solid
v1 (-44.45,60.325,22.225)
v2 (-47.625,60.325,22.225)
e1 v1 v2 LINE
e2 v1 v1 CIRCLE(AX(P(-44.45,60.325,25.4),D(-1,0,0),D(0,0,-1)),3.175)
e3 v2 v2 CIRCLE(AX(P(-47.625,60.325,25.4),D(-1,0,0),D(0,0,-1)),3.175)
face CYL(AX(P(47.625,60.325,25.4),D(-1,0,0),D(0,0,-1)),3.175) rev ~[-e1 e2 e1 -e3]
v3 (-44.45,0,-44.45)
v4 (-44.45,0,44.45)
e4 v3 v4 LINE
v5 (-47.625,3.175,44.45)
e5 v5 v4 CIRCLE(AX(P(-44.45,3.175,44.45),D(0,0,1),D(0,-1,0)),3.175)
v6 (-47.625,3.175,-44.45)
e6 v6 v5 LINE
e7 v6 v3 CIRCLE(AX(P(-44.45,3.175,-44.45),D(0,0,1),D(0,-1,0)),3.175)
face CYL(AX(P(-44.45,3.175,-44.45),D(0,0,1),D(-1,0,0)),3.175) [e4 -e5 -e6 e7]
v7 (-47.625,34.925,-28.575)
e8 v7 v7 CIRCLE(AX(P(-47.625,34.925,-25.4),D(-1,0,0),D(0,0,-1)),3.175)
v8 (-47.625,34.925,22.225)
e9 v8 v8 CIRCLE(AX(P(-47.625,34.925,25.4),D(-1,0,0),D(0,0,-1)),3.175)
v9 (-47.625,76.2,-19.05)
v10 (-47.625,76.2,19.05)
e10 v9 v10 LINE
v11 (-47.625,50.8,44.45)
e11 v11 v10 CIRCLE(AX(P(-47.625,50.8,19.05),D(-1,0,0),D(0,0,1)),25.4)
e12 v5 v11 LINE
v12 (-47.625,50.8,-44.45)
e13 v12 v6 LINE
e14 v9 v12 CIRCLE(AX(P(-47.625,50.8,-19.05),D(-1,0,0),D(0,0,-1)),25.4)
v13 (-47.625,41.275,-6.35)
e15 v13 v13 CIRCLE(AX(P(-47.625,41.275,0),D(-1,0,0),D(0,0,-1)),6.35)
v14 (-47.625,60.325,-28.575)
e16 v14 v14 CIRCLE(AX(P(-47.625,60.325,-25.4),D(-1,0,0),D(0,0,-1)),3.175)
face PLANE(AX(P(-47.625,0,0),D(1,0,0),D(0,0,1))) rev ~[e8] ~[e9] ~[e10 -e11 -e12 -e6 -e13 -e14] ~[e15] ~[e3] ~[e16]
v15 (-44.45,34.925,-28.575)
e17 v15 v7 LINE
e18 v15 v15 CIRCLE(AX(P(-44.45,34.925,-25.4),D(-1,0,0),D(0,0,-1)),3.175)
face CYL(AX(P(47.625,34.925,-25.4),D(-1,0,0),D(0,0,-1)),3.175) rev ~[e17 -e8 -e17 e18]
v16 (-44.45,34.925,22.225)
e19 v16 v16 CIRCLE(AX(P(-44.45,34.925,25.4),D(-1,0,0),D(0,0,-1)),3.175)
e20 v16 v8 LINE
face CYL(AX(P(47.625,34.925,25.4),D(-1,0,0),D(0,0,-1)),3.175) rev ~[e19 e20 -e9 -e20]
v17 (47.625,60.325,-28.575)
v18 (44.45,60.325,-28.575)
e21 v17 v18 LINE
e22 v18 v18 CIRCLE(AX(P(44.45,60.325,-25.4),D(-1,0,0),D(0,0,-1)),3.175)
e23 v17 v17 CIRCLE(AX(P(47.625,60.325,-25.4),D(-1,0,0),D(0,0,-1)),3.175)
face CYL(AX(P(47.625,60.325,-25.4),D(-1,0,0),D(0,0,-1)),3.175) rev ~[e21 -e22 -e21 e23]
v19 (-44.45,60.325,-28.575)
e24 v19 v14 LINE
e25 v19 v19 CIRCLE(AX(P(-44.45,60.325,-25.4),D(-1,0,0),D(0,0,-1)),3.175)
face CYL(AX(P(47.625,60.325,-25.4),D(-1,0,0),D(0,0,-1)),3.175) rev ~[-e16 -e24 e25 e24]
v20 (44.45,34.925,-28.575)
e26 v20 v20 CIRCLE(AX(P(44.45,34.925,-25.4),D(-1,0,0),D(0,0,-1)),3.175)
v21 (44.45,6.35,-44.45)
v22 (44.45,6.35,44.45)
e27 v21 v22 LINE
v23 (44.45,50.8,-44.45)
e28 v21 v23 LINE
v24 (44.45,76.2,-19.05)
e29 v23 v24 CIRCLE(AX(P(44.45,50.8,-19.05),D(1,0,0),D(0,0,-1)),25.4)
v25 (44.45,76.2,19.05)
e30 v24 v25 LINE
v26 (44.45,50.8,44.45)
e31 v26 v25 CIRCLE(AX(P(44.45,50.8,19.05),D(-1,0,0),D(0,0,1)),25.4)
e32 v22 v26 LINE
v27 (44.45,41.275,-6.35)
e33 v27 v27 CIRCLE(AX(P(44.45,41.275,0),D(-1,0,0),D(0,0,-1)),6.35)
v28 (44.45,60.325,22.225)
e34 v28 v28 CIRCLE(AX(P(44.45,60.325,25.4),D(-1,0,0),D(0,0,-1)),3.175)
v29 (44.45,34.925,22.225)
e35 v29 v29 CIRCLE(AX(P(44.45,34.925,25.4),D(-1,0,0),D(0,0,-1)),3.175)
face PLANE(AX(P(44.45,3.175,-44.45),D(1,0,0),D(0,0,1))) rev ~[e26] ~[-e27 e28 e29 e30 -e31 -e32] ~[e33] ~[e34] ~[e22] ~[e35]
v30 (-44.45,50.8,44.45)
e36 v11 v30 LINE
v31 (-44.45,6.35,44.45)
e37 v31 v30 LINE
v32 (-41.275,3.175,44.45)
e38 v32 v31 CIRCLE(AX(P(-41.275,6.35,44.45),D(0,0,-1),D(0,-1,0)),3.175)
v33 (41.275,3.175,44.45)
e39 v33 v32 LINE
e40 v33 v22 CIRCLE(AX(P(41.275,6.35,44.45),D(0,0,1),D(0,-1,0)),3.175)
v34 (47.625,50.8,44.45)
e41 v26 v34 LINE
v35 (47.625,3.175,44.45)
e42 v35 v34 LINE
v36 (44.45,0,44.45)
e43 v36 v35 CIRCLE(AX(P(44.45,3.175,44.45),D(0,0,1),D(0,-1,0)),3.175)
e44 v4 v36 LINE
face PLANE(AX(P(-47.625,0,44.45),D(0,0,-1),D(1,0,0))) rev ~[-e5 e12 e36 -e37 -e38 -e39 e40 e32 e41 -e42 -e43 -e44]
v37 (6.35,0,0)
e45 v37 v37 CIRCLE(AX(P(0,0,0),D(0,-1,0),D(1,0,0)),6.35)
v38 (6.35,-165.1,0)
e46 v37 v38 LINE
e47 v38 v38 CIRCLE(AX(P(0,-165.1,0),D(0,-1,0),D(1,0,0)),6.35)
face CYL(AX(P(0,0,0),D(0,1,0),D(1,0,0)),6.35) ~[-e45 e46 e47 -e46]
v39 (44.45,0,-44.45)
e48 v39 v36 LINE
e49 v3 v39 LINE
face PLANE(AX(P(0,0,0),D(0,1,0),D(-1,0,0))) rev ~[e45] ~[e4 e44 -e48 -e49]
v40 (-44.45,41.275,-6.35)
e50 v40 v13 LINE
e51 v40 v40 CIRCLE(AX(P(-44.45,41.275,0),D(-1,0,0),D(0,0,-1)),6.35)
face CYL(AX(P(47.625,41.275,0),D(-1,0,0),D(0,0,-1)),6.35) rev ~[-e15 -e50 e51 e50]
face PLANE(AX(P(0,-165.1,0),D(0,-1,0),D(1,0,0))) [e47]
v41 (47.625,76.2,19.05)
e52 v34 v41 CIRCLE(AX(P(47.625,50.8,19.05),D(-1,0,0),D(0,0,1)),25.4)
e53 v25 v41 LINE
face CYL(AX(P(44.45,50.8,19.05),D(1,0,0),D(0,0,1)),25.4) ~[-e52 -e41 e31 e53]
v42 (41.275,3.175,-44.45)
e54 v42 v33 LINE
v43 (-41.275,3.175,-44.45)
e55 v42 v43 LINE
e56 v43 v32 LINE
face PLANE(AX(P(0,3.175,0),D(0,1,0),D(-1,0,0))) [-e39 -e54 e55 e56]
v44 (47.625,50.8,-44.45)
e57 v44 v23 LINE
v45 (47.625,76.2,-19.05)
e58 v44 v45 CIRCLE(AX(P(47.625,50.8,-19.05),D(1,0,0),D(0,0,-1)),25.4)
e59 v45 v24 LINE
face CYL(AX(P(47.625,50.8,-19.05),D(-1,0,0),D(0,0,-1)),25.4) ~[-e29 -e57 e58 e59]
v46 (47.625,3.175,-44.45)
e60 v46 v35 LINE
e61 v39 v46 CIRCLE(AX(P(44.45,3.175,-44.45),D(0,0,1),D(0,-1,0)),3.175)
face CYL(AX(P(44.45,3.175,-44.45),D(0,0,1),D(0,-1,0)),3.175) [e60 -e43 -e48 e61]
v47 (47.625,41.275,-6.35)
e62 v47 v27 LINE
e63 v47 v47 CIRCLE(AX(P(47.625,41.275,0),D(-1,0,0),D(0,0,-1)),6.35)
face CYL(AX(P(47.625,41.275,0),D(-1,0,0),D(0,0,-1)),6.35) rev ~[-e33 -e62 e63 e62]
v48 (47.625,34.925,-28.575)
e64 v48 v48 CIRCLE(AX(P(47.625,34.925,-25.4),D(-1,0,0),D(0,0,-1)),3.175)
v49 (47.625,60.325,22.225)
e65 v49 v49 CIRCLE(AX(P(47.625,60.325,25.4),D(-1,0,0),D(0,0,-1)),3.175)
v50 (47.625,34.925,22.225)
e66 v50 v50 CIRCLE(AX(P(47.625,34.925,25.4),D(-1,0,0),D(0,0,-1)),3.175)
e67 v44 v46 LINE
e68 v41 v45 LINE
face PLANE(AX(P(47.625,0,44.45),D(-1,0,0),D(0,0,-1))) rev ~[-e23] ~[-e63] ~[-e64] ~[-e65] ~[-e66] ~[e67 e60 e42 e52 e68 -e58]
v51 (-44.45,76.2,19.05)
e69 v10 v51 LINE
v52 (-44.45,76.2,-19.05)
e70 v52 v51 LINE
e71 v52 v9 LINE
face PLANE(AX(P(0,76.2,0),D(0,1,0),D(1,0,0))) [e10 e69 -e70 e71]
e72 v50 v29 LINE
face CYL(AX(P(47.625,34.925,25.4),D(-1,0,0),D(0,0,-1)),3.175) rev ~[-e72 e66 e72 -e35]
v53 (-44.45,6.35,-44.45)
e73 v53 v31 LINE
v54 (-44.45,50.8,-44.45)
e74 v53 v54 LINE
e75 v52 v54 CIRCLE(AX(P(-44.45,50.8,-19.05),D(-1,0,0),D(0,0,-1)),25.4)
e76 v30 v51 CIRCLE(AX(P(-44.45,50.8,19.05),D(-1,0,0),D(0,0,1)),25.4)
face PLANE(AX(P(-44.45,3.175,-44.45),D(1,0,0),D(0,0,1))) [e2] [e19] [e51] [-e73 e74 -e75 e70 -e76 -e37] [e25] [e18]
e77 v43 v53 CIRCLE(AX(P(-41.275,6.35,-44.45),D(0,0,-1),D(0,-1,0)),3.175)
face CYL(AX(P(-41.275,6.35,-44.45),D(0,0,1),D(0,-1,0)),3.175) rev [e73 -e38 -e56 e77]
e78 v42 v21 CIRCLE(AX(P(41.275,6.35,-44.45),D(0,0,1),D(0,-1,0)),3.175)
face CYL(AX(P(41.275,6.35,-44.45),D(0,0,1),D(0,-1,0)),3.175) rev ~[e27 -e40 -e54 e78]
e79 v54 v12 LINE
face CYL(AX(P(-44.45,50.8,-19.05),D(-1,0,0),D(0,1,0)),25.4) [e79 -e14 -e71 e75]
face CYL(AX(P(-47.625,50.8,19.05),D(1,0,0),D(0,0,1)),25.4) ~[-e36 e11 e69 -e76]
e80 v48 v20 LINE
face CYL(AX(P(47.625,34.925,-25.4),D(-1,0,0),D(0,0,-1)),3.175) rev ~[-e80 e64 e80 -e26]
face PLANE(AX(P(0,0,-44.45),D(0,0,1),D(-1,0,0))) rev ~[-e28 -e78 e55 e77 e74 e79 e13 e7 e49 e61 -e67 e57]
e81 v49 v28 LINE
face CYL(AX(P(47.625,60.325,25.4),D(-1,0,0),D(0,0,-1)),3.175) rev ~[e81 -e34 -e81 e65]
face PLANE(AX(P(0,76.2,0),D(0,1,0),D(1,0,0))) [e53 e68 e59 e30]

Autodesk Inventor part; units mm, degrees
ref_plane "YZ Plane" through (0, 0, 0) normal (1, 0, 0) x (0, 1, 0)
ref_plane "XZ Plane" through (0, 0, 0) normal (0, 1, 0) x (-1, 0, 0)
ref_plane "XY Plane" through (0, 0, 0) normal (0, 0, 1) x (1, 0, 0)
sketch "Sketch1" plane through (0, 0, 0) normal (0, 1, 0) x (-1, 0, 0)
  line L0 (47.625, 44.45) -> (-47.625, 44.45)
  line L1 (-47.625, 44.45) -> (-47.625, -44.45)
  line L2 (-47.625, -44.45) -> (47.625, -44.45)
  line L3 (47.625, -44.45) -> (47.625, 44.45)
  line L4 (47.625, 0) -> (-47.625, 0)
  line L5 (0, -44.45) -> (0, 44.45)
  point P0 (0, 0)
  point P1 (0, 0)
  dimension "d0" = 95.25
  dimension "d1" = 88.9
extrude "Extrusion1" add sketch "Sketch1" along normal blind 3.175
sketch "Sketch2" plane through (0, 3.175, 0) normal (0, 1, 0) x (1, 0, 0)
  line L0 (47.625, 44.45) -> (-47.625, 44.45) projected
  line L1 (-47.625, -44.45) -> (47.625, -44.45) projected
  line L2 (47.625, 44.45) -> (44.45, 44.45)
  line L3 (44.45, 44.45) -> (44.45, -44.45)
  line L4 (44.45, -44.45) -> (47.625, -44.45)
  line L5 (47.625, -44.45) -> (47.625, 44.45)
  line L6 (-47.625, 44.45) -> (-47.625, -44.45) projected
  line L7 (-47.625, 44.45) -> (-44.45, 44.45)
  line L8 (-44.45, 44.45) -> (-44.45, -44.45)
  line L9 (-44.45, -44.45) -> (-47.625, -44.45)
  line L10 (-47.625, -44.45) -> (-47.625, 44.45)
  point P0 (0, 0)
  point P1 (-44.45, -44.45)
  point P2 (-44.45, 44.45)
  dimension "d4" = 3.175
extrude "Extrusion2" add sketch "Sketch2" along normal blind 73.025 contours L5 L1 L3 L0 | L8 L1 L6 L0
fillet "Fillet1" radius 3.175 4 edges at (47.625, 0, 0) (44.45, 3.175, 0) (-47.625, 0, 0) (-44.45, 3.175, 0)
fillet "Fillet2" radius 25.4 4 edges at (46.0375, 76.2, -44.45) (-46.0375, 76.2, -44.45) (-46.0375, 76.2, 44.45) (46.0375, 76.2, 44.45)
sketch "Sketch3" plane through (47.625, 3.175, 44.45) normal (1, 0, 0) x (0, 0, -1)
  circle A0 centre (69.85, 57.15) radius 3.175
  circle A1 centre (69.85, 31.75) radius 3.175
  line L0 (88.9, 0) -> (88.9, 47.625) projected
  line L1 (44.45, -3.175) -> (44.45, 73.025)
  line L2 (25.4, 73.025) -> (63.5, 73.025) projected
  circle A2 centre (19.05, 57.15) radius 3.175
  circle A3 centre (19.05, 31.75) radius 3.175
  circle A4 centre (44.45, 38.1) radius 6.35
  dimension "d10" = 6.35
  dimension "d11" = 19.05
  dimension "d12" = 15.875
  dimension "d13" = 25.4
  dimension "d14" = 19.05
  dimension "d15" = 12.7
  dimension "d16" = 6.35
hole "Hole1" at (47.625, 60.325, 25.4) at (47.625, 60.325, -25.4) at (47.625, 34.925, 25.4) at (47.625, 34.925, -25.4) direction (-1, 0, 0) diameter 6.35 end through all
hole "Hole2" at (47.625, 41.275, 0) direction (-1, 0, 0) diameter 12.7 end through all
sketch "Sketch4" plane through (0, 0, 0) normal (0, -1, 0) x (1, 0, 0)
  circle A0 centre (0, 0) radius 6.35
  dimension "d31" = 12.7
extrude "Extrusion3" add sketch "Sketch4" along normal blind 165.1
properties part number "Saddle_Bracket" material "Steel, Galvanized"
